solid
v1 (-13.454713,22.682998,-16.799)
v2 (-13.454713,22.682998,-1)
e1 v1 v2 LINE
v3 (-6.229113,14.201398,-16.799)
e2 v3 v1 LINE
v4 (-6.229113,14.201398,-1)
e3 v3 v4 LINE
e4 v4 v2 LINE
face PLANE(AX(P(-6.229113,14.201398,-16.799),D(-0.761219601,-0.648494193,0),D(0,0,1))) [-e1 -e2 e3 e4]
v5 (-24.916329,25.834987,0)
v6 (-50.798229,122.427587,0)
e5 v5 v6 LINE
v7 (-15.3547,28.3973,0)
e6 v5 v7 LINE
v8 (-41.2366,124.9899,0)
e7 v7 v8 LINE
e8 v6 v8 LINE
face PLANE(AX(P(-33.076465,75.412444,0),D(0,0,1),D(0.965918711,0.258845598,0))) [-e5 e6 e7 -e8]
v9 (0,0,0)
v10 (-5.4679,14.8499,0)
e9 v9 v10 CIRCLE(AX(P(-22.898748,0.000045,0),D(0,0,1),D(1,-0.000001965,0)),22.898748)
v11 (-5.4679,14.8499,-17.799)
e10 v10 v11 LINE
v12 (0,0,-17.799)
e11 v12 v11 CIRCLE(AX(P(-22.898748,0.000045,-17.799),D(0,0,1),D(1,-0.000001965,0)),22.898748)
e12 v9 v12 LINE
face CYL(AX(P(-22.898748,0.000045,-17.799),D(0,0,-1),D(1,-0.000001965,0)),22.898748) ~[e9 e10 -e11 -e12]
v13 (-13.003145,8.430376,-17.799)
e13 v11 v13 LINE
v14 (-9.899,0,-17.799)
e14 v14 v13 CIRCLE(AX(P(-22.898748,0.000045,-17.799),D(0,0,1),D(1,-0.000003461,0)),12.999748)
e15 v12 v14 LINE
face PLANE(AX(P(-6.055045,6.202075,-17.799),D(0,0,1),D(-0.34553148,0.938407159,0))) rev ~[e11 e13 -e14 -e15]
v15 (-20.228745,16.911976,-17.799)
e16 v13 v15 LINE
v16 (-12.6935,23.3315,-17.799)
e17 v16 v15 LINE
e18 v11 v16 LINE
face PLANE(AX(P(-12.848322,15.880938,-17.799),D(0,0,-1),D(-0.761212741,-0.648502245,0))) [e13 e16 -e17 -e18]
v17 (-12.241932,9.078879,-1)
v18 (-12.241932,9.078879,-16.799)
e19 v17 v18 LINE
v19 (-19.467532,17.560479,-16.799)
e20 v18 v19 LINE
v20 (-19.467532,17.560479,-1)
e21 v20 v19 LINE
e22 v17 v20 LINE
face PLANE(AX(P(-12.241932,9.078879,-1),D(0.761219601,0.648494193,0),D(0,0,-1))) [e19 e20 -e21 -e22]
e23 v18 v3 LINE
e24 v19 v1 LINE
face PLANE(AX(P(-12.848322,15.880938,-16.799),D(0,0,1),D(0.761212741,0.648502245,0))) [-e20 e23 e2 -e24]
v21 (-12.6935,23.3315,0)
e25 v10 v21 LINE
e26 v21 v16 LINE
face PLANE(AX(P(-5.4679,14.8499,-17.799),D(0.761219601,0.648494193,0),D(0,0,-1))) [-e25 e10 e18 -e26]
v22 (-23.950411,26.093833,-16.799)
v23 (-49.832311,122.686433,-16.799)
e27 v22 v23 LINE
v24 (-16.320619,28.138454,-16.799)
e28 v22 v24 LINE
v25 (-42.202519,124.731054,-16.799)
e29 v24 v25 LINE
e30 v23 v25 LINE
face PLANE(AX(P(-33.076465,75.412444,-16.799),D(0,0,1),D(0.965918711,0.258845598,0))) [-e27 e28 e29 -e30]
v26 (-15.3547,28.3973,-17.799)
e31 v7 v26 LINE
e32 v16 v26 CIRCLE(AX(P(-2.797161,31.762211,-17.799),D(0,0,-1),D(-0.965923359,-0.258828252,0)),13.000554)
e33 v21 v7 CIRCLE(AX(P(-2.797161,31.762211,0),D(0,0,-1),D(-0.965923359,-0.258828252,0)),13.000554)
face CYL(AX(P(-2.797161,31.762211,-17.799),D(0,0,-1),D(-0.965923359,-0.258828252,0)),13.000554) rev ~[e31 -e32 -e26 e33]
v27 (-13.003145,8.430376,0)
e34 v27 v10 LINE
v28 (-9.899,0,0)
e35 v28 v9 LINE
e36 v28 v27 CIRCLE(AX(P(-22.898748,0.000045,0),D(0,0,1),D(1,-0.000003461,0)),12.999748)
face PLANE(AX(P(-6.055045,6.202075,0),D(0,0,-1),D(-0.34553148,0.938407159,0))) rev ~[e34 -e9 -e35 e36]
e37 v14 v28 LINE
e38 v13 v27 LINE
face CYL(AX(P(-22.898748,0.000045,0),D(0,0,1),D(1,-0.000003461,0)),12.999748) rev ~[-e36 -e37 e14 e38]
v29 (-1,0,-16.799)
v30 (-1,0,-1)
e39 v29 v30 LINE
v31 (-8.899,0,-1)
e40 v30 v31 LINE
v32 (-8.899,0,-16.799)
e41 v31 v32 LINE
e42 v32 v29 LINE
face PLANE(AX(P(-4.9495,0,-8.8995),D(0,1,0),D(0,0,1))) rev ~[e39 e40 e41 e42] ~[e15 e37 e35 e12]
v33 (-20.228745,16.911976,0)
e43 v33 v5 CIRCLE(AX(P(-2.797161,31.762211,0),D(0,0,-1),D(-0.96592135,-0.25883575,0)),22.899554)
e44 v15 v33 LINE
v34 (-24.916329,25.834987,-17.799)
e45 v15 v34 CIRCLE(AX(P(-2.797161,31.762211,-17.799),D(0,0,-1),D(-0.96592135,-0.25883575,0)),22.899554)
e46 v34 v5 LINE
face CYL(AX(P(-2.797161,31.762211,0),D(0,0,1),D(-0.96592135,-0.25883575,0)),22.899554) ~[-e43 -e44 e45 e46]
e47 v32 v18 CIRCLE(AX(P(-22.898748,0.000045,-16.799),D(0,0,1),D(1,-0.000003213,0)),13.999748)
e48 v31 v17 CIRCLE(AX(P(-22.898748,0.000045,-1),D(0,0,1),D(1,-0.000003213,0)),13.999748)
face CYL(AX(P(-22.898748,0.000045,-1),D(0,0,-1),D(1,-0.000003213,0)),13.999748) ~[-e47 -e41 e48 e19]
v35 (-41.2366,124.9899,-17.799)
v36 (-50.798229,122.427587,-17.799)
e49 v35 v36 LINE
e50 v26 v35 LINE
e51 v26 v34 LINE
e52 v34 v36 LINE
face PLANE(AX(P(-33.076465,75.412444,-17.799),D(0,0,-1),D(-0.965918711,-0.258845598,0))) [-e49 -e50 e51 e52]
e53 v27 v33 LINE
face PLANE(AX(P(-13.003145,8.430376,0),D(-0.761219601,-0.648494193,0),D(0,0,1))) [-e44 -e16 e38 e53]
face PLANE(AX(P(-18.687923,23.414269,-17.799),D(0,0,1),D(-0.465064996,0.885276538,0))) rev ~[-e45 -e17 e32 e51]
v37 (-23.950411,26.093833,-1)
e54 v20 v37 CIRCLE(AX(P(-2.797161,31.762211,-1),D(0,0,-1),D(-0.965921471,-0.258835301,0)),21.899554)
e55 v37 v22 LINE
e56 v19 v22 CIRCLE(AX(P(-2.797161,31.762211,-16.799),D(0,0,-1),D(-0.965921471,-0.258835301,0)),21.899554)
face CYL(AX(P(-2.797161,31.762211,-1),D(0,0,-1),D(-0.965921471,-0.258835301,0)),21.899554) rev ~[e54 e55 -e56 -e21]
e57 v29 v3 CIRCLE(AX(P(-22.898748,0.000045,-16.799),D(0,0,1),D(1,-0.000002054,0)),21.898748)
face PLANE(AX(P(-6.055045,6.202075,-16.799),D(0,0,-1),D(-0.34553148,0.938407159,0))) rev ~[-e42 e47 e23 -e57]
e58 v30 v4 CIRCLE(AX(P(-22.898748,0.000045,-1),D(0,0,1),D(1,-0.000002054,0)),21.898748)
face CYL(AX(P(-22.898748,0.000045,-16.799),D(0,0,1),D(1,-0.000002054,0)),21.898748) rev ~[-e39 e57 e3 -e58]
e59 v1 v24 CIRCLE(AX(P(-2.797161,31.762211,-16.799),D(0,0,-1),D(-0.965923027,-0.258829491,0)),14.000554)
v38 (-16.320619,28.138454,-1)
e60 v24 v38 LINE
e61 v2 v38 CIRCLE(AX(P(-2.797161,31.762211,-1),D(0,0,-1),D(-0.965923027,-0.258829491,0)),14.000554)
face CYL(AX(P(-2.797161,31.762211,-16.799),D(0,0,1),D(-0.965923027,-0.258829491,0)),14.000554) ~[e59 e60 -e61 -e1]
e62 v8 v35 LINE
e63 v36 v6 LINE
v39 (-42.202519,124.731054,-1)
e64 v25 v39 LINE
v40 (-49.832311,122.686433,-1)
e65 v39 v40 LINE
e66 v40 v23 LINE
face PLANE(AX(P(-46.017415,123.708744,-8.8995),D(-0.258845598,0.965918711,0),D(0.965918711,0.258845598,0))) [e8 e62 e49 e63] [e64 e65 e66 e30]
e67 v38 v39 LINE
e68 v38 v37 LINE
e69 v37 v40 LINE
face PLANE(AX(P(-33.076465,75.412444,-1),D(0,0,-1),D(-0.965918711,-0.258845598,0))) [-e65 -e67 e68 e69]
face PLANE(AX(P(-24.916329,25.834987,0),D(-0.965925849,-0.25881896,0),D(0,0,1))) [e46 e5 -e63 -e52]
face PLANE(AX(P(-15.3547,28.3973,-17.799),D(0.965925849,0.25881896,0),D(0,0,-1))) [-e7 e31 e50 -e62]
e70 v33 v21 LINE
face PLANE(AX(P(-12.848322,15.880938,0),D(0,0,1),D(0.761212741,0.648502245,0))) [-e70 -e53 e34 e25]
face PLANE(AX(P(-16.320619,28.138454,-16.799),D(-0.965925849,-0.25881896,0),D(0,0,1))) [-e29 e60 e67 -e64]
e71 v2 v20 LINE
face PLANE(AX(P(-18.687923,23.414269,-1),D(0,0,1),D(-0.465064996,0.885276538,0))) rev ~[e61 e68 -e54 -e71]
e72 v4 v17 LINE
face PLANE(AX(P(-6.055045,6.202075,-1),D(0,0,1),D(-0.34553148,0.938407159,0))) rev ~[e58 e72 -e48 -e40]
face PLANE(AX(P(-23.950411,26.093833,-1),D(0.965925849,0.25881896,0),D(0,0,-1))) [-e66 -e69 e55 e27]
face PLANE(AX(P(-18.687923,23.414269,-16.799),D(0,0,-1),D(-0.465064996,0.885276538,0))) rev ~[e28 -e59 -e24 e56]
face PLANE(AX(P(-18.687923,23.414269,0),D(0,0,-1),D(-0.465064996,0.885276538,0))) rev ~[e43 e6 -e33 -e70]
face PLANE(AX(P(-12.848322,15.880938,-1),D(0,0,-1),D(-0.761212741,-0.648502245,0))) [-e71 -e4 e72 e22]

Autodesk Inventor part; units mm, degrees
ref_plane "YZ Plane" through (0, 0, 0) normal (1, 0, 0) x (0, 1, 0)
ref_plane "XZ Plane" through (0, 0, 0) normal (0, 1, 0) x (-1, 0, 0)
ref_plane "XY Plane" through (0, 0, 0) normal (0, 0, 1) x (1, 0, 0)
sketch "Sketch1" plane through (0, 0, 0) normal (0, 1, 0) x (-1, 0, 0)
  line L0 (0, 0) -> (9.899, 0)
  line L1 (9.899, 0) -> (9.899, -17.799)
  line L2 (9.899, -17.799) -> (0, -17.799)
  line L3 (0, -17.799) -> (0, 0)
  line L4 (1, -1) -> (8.899, -1)
  line L5 (8.899, -1) -> (8.899, -16.799)
  line L6 (8.899, -16.799) -> (1, -16.799)
  line L7 (1, -16.799) -> (1, -1)
  dimension "d8" = 1
  dimension "d9" = 1
  dimension "d10" = 1
  dimension "d11" = 1
  dimension "d12" = 7.899
  dimension "d13" = 15.799
sketch "Sketch2" plane through (0, 0, 0) normal (0, 0, 1) x (1, 0, 0)
  arc A0 (0, 0) -> (-5.4679, 14.8499) centre (-22.899, 0) ccw
  line L0 (-5.4679, 14.8499) -> (-12.6935, 23.3315)
  line L1 (0, 0) -> (-22.899, 0) construction
  line L2 (-19.2837, 4.8137) -> (-24.9164, 25.8353) construction
  line L3 (-7.0614, 29.3682) -> (4.2878, -12.9875) construction
  arc A1 (-15.3547, 28.3973) -> (-12.6935, 23.3315) centre (-2.7977, 31.762) ccw
  line L4 (-24.9164, 25.8353) -> (-15.3547, 28.3973) construction
  line L5 (-24.928, 64.1254) -> (-15.3547, 28.3973) construction
  line L6 (-15.3547, 28.3973) -> (-41.2366, 124.9899)
  line L7 (0, 0) -> (-38.1419, -10.2201) construction
  line L8 (-2.7977, 31.762) -> (5.3302, 1.4282) construction
  line L9 (-22.899, 0) -> (-32.2813, 35.0152) construction
  line L10 (-41.2366, 124.9899) -> (-73.5917, 116.3204) construction
  dimension "d7" = 18.161
  dimension "d14" = 9.899
  dimension "d15" = 15
  dimension "d16" = 31.404
  dimension "d17" = 13
  dimension "d18" = 22.899
  dimension "d21" = 100
sweep "Sweep1" add profiles "Sketch1" path "Sketch2"
equation "\"d8\" = d11"
equation "\"d9\" = d11"
equation "\"d10\" = d11"
properties part number "bendy bit" material "Copper"
